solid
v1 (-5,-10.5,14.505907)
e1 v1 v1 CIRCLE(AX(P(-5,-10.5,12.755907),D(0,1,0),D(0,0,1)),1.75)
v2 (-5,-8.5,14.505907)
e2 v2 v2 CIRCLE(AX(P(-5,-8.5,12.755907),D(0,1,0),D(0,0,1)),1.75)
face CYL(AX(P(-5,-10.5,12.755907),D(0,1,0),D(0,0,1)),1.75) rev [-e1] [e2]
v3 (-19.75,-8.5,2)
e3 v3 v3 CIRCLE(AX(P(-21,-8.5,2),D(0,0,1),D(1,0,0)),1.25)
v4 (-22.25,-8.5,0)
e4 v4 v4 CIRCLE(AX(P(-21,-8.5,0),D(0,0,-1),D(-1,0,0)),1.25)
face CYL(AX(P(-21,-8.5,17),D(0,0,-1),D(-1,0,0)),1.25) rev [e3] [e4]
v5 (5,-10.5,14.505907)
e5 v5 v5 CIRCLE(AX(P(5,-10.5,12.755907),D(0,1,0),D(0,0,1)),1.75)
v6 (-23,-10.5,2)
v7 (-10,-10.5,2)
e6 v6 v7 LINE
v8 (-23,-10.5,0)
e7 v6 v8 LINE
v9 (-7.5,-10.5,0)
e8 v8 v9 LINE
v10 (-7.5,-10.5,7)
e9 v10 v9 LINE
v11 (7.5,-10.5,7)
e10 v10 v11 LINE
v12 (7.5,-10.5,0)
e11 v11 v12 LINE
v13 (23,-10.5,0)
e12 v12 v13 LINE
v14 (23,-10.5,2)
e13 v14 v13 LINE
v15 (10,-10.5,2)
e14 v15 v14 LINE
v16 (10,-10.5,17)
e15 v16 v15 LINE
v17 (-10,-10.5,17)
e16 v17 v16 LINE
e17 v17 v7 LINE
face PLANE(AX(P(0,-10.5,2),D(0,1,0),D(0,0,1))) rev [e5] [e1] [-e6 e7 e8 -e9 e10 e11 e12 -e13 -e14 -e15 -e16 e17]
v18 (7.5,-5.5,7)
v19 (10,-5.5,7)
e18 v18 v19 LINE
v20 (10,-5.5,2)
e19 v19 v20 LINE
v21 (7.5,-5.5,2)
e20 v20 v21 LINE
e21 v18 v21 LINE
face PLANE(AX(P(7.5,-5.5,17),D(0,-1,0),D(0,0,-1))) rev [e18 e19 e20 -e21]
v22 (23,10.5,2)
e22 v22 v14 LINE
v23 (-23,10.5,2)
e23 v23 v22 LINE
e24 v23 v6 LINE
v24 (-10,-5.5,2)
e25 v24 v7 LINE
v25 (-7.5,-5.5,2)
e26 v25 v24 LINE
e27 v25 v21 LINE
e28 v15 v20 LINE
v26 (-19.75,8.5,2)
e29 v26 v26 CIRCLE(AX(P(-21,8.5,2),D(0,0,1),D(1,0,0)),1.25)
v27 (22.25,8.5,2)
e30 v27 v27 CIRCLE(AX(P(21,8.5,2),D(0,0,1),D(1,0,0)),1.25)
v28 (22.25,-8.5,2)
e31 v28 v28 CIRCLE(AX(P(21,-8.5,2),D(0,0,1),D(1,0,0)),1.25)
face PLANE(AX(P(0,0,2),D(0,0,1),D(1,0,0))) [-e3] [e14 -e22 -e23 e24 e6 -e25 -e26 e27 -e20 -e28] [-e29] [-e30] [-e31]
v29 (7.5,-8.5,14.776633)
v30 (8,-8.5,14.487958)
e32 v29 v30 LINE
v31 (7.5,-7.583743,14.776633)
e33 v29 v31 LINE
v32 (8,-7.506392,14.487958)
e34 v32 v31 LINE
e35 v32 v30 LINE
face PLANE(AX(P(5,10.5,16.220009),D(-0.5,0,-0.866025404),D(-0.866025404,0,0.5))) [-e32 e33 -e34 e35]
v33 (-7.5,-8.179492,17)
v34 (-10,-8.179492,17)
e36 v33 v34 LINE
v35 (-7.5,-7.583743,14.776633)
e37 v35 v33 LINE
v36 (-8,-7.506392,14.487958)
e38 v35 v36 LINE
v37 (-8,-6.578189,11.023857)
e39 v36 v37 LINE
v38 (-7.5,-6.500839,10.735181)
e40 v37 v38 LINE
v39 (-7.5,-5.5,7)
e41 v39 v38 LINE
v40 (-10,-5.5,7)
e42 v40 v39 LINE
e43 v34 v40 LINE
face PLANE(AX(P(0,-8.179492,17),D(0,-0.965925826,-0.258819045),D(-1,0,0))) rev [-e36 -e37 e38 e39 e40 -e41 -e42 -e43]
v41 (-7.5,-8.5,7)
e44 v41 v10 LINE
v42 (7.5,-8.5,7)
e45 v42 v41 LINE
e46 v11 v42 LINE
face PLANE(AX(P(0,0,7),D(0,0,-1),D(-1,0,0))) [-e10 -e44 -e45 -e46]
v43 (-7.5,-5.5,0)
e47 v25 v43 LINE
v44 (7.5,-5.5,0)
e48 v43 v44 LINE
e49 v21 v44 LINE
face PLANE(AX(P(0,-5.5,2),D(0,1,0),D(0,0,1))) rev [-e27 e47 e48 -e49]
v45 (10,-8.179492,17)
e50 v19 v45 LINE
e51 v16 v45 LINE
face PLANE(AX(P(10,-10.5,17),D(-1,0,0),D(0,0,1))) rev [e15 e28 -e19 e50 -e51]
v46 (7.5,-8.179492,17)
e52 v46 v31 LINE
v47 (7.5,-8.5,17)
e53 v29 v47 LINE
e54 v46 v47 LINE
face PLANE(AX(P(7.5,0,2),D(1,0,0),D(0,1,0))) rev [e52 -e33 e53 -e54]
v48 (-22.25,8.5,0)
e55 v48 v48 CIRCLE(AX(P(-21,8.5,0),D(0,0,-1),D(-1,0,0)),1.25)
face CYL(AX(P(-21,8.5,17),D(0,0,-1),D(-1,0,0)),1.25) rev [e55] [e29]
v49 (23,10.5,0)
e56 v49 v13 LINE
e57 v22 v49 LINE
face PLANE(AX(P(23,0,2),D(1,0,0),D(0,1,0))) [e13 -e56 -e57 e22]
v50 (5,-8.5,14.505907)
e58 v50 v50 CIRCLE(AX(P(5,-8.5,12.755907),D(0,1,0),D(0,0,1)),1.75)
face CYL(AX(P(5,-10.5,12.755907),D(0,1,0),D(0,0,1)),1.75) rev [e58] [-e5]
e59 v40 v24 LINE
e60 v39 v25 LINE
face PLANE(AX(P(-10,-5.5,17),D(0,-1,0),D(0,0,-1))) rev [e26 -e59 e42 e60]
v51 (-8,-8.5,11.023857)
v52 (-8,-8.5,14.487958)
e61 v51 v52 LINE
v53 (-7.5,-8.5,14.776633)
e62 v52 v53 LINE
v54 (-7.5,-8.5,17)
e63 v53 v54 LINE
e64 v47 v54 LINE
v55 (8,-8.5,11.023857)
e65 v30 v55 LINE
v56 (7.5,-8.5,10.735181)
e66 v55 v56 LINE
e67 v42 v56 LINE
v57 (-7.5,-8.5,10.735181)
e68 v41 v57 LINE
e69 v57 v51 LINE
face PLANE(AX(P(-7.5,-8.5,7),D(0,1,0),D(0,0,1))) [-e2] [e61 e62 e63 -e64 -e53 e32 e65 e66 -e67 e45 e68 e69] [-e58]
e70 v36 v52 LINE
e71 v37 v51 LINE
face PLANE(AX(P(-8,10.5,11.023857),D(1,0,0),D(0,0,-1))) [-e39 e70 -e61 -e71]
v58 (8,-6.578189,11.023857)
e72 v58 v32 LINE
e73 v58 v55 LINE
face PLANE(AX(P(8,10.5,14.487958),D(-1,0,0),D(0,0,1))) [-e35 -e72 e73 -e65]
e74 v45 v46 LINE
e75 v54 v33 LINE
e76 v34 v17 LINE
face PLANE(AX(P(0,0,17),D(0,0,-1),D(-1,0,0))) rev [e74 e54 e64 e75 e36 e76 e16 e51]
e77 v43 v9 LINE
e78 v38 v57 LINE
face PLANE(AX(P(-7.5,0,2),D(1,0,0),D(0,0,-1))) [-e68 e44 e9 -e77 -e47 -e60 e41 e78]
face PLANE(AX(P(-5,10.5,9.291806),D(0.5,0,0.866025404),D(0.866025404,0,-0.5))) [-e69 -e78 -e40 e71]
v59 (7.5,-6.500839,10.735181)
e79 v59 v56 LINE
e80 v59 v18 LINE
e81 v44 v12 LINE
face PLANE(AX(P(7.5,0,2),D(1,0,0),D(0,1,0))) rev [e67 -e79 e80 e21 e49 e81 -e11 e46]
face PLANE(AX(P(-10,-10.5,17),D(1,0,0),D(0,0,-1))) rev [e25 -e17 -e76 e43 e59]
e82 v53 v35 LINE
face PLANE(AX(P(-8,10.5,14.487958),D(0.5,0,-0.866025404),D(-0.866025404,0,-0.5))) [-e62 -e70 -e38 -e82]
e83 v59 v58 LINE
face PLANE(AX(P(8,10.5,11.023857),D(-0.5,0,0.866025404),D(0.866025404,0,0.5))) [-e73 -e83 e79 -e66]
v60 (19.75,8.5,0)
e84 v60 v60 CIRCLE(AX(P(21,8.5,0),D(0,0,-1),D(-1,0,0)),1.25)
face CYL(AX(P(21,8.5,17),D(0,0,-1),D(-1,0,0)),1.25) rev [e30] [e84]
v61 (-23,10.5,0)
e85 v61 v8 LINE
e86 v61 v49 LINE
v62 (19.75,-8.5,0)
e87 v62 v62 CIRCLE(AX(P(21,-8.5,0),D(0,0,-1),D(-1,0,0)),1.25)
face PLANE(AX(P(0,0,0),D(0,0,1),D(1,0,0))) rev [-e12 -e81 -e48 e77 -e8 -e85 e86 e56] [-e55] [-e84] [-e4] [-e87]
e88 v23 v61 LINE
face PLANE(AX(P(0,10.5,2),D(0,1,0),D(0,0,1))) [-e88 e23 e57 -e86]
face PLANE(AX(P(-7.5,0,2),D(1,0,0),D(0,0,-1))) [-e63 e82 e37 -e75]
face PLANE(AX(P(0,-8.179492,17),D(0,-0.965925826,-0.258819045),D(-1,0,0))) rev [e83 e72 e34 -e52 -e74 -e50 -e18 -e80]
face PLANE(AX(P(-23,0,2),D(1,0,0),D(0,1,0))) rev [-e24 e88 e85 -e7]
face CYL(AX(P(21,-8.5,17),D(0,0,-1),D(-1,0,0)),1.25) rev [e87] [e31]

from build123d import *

# Parameters (mm, degrees)
BOSS_EXTRUDE1_DEPTH   = 2
SKETCH2_W             = 2.5
SKETCH2_H             = 5
BOSS_EXTRUDE2_DEPTH   = 15
SKETCH5_W             = 15
SKETCH5_H             = 2
BOSS_EXTRUDE3_DEPTH   = 10
CHAMFER1_SIZE         = 10
CHAMFER1_SIZE2        = 2.679491924
CHAMFER1_PART_2_SIZE  = 10
CHAMFER1_PART_2_SIZE2 = 2.679491924
SKETCH6_R             = 1.25
CUT_EXTRUDE1_DEPTH    = 18
SKETCH7_R             = 1.75
CUT_EXTRUDE2_DEPTH    = 3
CUT_EXTRUDE3_DEPTH    = 20


with BuildPart() as part:
    # Sketch1 → Boss-Extrude1 (new body)
    with BuildSketch(Plane.XY):
        Polygon((23, 10.5), (-23, 10.5), (-23, -10.5), (-7.5, -10.5), (-7.5, -5.5), (7.5, -5.5), (7.5, -10.5), (23, -10.5), align=None)
    extrude(amount=BOSS_EXTRUDE1_DEPTH)

    # Sketch2 → Boss-Extrude2 (add)
    with BuildSketch(Plane.XY.offset(2)):
        with Locations((-8.75, -8)):
            Rectangle(SKETCH2_W, SKETCH2_H)
        with Locations((8.75, -8)):
            Rectangle(SKETCH2_W, SKETCH2_H)
    extrude(amount=BOSS_EXTRUDE2_DEPTH)

    # Sketch5 → Boss-Extrude3 (add)
    with BuildSketch(Plane.XY.offset(17)):
        with Locations((0, -9.5)):
            Rectangle(SKETCH5_W, SKETCH5_H)
    extrude(amount=-BOSS_EXTRUDE3_DEPTH)

    # Chamfer1
    chamfer1_edges = [part.edges().sort_by_distance(p)[0] for p in [
        (-8.75, -5.5, 17),
    ]]
    chamfer1_side = [part.faces().sort_by_distance(p)[0] for p in [
        (-8.75, -5.5, 9.5),
    ]]
    chamfer(chamfer1_edges, length=CHAMFER1_SIZE, length2=CHAMFER1_SIZE2, reference=chamfer1_side[0])

    # Chamfer1 part 2
    chamfer1_part_2_edges = [part.edges().sort_by_distance(p)[0] for p in [
        (8.75, -5.5, 17),
    ]]
    chamfer1_part_2_side = [part.faces().sort_by_distance(p)[0] for p in [
        (8.75, -5.5, 9.5),
    ]]
    chamfer(chamfer1_part_2_edges, length=CHAMFER1_PART_2_SIZE, length2=CHAMFER1_PART_2_SIZE2, reference=chamfer1_part_2_side[0])

    # Sketch6 → Cut-Extrude1 (cut, through all)
    with BuildSketch(Plane(origin=(0, 0, 0), x_dir=(-1, 0, 0), z_dir=(0, 0, -1))):
        with Locations((21, 8.5)):
            Circle(SKETCH6_R)
        with Locations((-21, -8.5)):
            Circle(SKETCH6_R)
        with Locations((-21, 8.5)):
            Circle(SKETCH6_R)
        with Locations((21, -8.5)):
            Circle(SKETCH6_R)
    extrude(amount=-CUT_EXTRUDE1_DEPTH, mode=Mode.SUBTRACT)

    # Sketch7 → Cut-Extrude2 (cut, through all)
    with BuildSketch(Plane(origin=(0, -8.5, 0), x_dir=(1, 0, 0), z_dir=(0, 1, 0))):
        with Locations((-5, -12.755907313)):
            Circle(SKETCH7_R)
        with Locations((5, -12.755907313)):
            Circle(SKETCH7_R)
    extrude(amount=-CUT_EXTRUDE2_DEPTH, mode=Mode.SUBTRACT)

    # Sketch8 → Cut-Extrude3 (cut, through all)
    with BuildSketch(Plane(origin=(0, -8.5, 0), x_dir=(1, 0, 0), z_dir=(0, 1, 0))):
        Polygon((5, -16.220008928), (8, -14.487958121), (8, -11.023856505), (5, -9.291805698), (2, -11.023856505), (2, -14.487958121), align=None)
        Polygon((-5, -16.220008928), (-2, -14.487958121), (-2, -11.023856505), (-5, -9.291805698), (-8, -11.023856505), (-8, -14.487958121), align=None)
    extrude(amount=CUT_EXTRUDE3_DEPTH, mode=Mode.SUBTRACT)


solid = part.part
